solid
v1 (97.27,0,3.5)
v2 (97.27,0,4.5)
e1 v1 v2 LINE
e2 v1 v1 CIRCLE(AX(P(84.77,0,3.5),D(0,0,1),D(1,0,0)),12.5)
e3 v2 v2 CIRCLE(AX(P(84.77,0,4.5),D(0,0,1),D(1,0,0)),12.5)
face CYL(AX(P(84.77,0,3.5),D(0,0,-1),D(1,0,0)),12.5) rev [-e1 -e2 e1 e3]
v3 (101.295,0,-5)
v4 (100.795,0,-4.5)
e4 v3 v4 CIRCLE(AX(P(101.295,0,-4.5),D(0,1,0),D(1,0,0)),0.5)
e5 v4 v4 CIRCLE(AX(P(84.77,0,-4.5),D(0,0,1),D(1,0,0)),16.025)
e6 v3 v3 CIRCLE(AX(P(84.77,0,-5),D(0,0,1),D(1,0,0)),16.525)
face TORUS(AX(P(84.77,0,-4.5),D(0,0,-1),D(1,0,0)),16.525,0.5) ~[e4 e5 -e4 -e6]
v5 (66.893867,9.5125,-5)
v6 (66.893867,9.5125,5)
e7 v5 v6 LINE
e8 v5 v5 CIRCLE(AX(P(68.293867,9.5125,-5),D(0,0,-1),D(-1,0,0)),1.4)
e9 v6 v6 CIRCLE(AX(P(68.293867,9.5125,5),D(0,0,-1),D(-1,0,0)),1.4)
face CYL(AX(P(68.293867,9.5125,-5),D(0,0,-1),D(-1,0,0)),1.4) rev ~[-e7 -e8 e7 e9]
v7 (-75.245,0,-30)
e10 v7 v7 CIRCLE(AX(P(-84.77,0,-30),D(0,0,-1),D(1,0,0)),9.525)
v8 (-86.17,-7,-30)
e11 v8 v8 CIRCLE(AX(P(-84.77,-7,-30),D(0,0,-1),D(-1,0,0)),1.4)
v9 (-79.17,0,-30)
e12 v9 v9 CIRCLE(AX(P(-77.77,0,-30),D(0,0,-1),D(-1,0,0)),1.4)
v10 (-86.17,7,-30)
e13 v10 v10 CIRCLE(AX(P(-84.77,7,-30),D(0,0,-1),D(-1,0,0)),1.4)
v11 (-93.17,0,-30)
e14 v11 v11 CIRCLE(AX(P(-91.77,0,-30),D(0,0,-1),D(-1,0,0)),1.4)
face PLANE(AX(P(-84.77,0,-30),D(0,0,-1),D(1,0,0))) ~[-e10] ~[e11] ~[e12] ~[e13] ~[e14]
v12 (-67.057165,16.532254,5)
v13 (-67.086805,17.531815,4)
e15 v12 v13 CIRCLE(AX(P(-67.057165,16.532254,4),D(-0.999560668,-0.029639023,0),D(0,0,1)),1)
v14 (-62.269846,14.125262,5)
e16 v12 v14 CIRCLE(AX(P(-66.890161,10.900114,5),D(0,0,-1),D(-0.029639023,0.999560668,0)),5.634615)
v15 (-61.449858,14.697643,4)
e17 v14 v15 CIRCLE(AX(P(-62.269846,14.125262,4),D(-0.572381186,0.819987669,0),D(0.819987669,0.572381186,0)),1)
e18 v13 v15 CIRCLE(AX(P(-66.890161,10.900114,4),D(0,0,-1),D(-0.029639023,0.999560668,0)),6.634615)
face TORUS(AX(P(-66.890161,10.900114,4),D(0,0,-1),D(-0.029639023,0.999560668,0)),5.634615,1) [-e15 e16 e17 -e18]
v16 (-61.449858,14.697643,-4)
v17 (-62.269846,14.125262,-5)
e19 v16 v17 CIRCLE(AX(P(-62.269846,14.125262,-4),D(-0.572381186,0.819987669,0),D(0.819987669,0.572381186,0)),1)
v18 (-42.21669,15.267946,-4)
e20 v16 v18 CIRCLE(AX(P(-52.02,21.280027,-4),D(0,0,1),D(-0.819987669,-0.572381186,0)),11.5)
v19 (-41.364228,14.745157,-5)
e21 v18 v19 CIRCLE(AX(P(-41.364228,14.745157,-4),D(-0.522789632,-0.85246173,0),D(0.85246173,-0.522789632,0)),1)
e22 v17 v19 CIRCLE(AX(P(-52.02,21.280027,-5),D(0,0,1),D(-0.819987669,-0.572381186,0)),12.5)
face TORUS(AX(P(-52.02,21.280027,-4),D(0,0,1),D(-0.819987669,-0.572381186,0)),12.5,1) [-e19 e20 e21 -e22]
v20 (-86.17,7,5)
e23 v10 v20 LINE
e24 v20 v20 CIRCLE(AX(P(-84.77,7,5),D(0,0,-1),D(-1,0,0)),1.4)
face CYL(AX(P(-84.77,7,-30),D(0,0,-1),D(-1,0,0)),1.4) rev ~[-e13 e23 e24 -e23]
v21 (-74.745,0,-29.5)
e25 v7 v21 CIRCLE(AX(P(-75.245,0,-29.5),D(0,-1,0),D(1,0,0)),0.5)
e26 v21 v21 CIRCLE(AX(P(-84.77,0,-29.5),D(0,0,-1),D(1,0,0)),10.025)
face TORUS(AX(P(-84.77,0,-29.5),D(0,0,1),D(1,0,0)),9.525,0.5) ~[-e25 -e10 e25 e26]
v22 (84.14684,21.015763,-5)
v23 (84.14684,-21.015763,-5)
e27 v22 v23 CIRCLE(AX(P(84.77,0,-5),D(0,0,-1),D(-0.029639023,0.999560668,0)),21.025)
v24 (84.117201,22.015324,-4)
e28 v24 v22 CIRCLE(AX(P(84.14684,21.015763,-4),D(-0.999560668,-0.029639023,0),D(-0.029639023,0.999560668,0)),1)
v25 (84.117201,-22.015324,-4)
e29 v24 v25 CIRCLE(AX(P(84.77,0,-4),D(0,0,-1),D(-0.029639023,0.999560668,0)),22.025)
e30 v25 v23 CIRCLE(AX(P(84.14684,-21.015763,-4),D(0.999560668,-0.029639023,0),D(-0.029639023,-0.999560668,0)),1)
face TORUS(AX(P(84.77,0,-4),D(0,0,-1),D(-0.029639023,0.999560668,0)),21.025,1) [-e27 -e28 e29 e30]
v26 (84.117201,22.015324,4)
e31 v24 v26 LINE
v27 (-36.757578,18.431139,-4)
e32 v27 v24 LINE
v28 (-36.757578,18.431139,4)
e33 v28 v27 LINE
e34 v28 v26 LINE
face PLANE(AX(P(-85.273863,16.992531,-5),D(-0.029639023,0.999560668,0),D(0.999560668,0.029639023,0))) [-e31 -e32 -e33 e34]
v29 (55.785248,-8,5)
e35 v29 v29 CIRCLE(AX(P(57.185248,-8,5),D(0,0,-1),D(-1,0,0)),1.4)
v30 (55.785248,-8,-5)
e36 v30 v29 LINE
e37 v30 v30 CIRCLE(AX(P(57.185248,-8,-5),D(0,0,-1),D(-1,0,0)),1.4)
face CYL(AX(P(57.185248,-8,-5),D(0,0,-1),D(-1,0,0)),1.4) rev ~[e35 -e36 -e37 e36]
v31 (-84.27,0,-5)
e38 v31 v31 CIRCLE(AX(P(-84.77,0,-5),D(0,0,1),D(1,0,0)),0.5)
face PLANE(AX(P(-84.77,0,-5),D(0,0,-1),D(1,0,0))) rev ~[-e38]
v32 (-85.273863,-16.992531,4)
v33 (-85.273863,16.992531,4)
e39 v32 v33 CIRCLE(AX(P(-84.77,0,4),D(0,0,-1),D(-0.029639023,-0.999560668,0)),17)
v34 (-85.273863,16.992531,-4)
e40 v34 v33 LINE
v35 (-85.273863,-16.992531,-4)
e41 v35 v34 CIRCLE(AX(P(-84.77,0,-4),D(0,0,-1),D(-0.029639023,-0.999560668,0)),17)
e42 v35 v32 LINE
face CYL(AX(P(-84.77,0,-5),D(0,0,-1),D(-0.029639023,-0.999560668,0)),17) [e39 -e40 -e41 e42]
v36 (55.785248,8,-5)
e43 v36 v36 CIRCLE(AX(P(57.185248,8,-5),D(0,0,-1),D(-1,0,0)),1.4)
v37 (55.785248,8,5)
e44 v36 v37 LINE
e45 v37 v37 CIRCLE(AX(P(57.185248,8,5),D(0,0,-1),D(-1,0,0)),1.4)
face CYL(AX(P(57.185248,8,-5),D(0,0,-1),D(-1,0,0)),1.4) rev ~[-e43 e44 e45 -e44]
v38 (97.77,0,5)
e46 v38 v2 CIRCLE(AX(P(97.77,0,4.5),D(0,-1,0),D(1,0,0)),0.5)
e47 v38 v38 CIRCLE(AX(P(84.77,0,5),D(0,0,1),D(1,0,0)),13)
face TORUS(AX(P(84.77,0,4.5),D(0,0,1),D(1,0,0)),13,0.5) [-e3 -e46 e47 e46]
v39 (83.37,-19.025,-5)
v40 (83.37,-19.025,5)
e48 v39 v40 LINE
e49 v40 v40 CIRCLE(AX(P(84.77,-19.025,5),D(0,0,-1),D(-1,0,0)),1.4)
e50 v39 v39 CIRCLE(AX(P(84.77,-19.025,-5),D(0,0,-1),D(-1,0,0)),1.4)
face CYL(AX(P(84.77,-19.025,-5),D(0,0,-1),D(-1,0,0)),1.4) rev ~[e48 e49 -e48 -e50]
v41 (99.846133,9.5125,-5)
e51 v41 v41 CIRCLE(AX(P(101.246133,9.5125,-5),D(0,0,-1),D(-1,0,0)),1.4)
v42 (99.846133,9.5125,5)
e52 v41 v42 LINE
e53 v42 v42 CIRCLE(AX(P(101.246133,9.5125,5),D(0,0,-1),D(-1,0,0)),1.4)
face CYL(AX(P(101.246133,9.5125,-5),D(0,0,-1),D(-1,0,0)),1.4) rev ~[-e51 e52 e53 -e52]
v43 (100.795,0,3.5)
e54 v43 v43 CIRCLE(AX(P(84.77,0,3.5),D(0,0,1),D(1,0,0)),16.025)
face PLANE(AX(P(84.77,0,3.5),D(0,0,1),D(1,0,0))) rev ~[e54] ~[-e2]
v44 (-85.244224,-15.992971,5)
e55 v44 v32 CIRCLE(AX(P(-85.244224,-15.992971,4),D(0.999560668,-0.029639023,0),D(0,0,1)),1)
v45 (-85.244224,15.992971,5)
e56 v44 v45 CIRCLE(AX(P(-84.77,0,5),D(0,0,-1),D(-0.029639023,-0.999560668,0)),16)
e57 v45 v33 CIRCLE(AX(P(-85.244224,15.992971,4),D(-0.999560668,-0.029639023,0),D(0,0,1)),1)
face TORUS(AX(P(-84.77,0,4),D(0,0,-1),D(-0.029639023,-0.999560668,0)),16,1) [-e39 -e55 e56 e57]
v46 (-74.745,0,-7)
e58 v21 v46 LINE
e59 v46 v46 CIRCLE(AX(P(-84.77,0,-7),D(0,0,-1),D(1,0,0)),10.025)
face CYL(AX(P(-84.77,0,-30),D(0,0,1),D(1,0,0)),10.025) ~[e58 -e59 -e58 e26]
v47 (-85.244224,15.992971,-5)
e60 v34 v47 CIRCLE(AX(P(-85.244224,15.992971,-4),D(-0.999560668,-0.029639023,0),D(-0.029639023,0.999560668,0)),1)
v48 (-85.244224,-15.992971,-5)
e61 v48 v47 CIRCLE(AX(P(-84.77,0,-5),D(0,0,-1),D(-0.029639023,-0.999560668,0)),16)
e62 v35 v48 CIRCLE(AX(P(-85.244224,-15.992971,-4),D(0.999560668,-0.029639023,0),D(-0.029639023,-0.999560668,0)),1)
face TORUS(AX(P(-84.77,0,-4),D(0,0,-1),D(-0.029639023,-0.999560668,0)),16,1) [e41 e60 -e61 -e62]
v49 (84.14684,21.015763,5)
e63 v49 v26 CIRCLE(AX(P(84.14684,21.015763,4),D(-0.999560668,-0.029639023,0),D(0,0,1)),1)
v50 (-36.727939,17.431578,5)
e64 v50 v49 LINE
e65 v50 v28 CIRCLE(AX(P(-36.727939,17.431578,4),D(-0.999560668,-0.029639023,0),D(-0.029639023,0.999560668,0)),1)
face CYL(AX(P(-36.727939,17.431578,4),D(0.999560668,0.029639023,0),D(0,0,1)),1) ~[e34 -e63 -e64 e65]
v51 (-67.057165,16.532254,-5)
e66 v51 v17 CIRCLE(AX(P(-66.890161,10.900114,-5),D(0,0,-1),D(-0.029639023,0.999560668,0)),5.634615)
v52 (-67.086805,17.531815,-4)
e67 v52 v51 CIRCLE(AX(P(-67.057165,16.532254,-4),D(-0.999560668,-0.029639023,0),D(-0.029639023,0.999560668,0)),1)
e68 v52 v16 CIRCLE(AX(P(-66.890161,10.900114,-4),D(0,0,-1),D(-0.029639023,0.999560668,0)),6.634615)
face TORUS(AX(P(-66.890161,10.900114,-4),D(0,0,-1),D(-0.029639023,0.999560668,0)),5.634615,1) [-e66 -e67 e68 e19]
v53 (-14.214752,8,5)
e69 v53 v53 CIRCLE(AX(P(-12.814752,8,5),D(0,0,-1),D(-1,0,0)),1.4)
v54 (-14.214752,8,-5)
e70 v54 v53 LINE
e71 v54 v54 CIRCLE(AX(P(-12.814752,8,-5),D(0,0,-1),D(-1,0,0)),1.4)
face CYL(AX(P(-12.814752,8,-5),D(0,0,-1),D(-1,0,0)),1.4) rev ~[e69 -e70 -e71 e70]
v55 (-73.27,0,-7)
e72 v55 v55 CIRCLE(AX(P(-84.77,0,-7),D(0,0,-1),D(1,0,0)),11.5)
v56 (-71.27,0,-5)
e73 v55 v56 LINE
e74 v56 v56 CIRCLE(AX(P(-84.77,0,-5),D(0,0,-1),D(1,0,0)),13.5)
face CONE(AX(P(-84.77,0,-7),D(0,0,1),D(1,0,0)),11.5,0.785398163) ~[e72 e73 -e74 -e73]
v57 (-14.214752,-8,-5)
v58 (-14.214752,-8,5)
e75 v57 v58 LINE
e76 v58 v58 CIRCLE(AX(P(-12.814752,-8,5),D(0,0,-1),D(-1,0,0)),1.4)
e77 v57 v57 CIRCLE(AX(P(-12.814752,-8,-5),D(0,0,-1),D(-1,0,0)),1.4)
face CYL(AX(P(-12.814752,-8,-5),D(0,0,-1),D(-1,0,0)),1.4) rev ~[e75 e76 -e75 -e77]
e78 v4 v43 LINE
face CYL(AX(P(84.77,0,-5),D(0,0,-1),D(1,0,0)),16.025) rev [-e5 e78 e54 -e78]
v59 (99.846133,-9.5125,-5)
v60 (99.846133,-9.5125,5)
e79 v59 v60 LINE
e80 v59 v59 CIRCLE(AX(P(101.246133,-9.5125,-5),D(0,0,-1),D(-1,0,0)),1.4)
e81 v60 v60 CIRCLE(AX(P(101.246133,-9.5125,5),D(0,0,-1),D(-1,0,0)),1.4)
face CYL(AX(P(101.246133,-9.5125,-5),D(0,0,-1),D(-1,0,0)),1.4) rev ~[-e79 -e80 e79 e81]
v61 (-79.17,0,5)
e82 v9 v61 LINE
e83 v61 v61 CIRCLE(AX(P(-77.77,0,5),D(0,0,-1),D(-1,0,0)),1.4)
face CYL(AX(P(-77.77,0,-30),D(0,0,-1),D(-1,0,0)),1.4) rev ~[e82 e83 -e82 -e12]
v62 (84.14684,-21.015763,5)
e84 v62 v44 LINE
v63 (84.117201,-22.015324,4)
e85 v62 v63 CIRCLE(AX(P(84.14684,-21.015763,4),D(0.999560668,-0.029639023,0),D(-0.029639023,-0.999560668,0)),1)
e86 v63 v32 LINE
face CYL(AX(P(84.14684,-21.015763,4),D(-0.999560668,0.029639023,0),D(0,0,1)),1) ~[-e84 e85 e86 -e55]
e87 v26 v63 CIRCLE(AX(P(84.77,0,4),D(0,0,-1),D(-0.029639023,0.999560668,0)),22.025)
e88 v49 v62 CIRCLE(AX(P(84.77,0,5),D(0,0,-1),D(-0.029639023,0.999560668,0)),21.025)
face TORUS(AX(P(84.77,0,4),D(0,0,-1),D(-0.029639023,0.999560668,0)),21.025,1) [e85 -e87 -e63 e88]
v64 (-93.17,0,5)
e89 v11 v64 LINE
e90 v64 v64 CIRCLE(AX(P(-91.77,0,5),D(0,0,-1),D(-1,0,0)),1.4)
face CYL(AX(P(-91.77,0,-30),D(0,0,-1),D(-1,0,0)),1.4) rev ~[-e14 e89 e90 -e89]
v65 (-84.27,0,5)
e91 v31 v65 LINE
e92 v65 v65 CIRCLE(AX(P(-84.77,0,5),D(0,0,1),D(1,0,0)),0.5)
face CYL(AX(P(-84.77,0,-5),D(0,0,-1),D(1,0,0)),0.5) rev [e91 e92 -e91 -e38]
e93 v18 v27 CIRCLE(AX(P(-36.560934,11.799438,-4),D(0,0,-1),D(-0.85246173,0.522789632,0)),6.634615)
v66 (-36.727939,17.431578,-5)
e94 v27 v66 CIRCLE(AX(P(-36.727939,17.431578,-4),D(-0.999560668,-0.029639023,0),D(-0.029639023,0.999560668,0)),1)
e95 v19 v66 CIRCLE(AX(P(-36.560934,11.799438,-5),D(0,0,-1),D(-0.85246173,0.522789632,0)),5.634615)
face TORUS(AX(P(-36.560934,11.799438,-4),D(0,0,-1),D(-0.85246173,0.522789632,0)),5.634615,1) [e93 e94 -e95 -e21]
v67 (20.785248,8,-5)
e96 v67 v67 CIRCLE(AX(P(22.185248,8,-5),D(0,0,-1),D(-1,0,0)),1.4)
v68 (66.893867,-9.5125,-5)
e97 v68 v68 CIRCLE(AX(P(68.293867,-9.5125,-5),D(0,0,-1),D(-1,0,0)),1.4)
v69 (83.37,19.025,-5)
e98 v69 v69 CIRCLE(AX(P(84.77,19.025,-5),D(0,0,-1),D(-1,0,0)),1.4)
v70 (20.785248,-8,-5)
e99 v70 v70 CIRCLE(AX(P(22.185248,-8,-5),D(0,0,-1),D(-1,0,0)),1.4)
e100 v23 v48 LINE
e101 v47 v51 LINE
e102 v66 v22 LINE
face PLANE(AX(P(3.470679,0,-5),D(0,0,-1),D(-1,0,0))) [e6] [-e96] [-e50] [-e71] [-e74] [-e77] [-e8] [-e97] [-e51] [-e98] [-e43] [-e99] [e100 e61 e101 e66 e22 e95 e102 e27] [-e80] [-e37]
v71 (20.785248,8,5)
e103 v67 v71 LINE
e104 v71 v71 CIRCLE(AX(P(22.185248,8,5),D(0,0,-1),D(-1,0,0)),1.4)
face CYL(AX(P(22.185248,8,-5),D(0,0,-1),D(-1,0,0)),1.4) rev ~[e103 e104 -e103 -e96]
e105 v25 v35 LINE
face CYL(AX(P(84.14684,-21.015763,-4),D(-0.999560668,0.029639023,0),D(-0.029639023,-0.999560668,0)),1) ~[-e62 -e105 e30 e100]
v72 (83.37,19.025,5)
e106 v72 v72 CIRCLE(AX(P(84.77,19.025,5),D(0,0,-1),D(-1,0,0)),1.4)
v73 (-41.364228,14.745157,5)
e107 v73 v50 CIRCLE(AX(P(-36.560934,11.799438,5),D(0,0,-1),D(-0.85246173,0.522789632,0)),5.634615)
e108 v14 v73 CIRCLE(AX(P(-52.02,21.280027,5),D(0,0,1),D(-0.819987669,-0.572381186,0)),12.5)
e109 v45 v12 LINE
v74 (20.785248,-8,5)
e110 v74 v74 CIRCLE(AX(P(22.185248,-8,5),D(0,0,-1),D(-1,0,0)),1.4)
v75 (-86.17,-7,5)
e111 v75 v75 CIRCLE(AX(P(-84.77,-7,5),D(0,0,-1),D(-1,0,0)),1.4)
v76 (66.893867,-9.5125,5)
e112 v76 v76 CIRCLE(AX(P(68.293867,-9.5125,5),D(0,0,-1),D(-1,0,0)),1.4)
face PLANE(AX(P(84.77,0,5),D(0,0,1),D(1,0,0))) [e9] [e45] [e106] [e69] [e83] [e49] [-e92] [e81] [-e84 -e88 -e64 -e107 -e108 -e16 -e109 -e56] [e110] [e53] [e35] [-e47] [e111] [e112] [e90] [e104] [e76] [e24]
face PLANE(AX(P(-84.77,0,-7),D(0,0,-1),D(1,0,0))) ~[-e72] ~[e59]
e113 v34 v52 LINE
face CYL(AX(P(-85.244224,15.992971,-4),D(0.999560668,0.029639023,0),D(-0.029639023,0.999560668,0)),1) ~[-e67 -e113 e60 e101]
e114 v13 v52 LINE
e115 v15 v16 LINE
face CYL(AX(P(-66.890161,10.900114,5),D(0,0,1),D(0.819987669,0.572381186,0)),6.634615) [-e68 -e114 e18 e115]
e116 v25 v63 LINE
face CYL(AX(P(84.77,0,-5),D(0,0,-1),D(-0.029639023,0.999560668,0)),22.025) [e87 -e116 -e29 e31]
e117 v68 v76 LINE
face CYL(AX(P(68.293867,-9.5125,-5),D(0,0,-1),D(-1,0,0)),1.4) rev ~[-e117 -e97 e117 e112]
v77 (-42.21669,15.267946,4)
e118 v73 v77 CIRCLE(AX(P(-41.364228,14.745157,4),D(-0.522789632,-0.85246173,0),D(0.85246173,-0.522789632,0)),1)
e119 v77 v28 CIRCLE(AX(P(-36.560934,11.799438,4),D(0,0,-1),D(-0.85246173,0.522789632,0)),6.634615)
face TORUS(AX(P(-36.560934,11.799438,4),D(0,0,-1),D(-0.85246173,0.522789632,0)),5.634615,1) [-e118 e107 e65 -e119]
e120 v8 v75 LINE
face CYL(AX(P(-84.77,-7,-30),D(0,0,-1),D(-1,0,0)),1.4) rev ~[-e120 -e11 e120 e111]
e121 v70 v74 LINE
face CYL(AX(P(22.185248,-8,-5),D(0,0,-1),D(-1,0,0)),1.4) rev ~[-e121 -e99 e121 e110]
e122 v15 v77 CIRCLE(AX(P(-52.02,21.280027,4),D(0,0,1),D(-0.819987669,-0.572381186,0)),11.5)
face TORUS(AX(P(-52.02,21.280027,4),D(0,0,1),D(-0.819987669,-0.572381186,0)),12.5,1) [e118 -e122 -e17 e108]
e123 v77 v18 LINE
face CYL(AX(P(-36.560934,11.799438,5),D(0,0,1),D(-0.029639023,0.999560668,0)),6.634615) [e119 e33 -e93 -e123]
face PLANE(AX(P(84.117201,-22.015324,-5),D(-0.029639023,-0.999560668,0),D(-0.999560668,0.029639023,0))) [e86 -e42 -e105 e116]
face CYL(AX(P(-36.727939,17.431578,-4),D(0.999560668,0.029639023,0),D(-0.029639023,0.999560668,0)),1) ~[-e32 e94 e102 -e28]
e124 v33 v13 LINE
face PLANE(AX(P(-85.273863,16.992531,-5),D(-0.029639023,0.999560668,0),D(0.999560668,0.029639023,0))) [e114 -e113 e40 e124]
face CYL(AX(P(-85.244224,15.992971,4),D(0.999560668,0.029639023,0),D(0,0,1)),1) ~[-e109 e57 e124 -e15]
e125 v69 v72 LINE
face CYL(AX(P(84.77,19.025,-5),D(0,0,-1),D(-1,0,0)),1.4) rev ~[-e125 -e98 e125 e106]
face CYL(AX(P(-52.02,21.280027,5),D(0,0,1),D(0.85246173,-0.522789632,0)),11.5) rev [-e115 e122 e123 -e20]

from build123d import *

# Parameters (mm, degrees)
BOSS_EXTRUDE1_DEPTH      = 5
BOSS_EXTRUDE1_DEPTH_BACK = 5
SKETCH1_R                = 16.025
SKETCH1_R_2              = 0.5
SKETCH3_R                = 1.4
CUT_EXTRUDE1_DEPTH       = 115.521930869
SKETCH4_R                = 1.4
CUT_EXTRUDE2_DEPTH       = 112.871679392
BOSS_EXTRUDE2_START      = -1.5
SKETCH5_R                = 16.025
SKETCH5_R_2              = 12.5
BOSS_EXTRUDE2_DEPTH      = 1.5
FEMURCUTOUT_DEPTH        = 115.521930869
FILLET1_R                = 1
FILLET2_R                = 0.5
FILLET3_R                = 0.5
SKETCH9_R                = 1.4
CUT_EXTRUDE3_DEPTH       = 112.871679412


with BuildPart() as part:
    # Sketch1 → Boss-Extrude1 (new, two sides: drawn at the far end of the back side and taken through both)
    with BuildSketch(Plane.XY.offset(-BOSS_EXTRUDE1_DEPTH_BACK)):
        with BuildLine():
            Line((-85.273863395, 16.99253135), (84.117200513, 22.015323705))
            ThreePointArc((84.117200513, 22.015323705), (106.795, 0), (84.117200513, -22.015323705))
            Line((84.117200513, -22.015323705), (-85.273863395, -16.99253135))
            ThreePointArc((-85.273863395, -16.99253135), (-101.77, 0), (-85.273863395, 16.99253135))
        make_face()
        with Locations((84.77, 0)):
            Circle(SKETCH1_R, mode=Mode.SUBTRACT)
        with Locations((-84.77, 0)):
            Circle(SKETCH1_R_2, mode=Mode.SUBTRACT)
    extrude(amount=BOSS_EXTRUDE1_DEPTH + BOSS_EXTRUDE1_DEPTH_BACK)

    # Sketch2 → Revolve1 (revolve)
    with BuildSketch(Plane(origin=(0, 0, 0), x_dir=(1, 0, 0), z_dir=(0, 1, 0))):
        Polygon((-84.77, 30), (-74.745, 30), (-74.745, 7), (-73.27, 7), (-71.27, 5), (-84.77, 5), align=None)
    revolve(axis=Axis((-84.77, 0, -5), (0, 0, -1)))

    # Sketch3 → Cut-Extrude1 (cut, through all)
    with BuildSketch(Plane(origin=(0, 0, -30), x_dir=(-1, 0, 0), z_dir=(0, 0, -1))):
        with Locations((84.77, 7)):
            Circle(SKETCH3_R)
        with Locations((91.77, 0)):
            Circle(SKETCH3_R)
        with Locations((84.77, -7)):
            Circle(SKETCH3_R)
        with Locations((77.77, 0)):
            Circle(SKETCH3_R)
    extrude(amount=-CUT_EXTRUDE1_DEPTH, mode=Mode.SUBTRACT)

    # Sketch4 → Cut-Extrude2 (cut, through all)
    with BuildSketch(Plane(origin=(0, 0, -5), x_dir=(-1, 0, 0), z_dir=(0, 0, -1))):
        with Locations((-84.77, 19.025)):
            Circle(SKETCH4_R)
        with Locations((-68.293866693, 9.5125)):
            Circle(SKETCH4_R)
        with Locations((-68.293866693, -9.5125)):
            Circle(SKETCH4_R)
        with Locations((-84.77, -19.025)):
            Circle(SKETCH4_R)
        with Locations((-101.246133307, -9.5125)):
            Circle(SKETCH4_R)
        with Locations((-101.246133307, 9.5125)):
            Circle(SKETCH4_R)
    extrude(amount=-CUT_EXTRUDE2_DEPTH, mode=Mode.SUBTRACT)

    # Sketch5 → Boss-Extrude2 (add)
    with BuildSketch(Plane.XY.offset(5).offset(BOSS_EXTRUDE2_START)):
        with Locations((84.77, 0)):
            Circle(SKETCH5_R)
        with Locations((84.77, 0)):
            Circle(SKETCH5_R_2, mode=Mode.SUBTRACT)
    extrude(amount=BOSS_EXTRUDE2_DEPTH)

    # Sketch6 → FemurCutout (cut, through all)
    with BuildSketch(Plane.XY.offset(5)):
        with BuildLine():
            Line((-67.086804522, 17.531814935), (-36.757577924, 18.431138689))
            ThreePointArc((-36.757577924, 18.431138689), (-39.887207212, 17.539998228), (-42.21669011, 15.267946244))
            ThreePointArc((-42.21669011, 15.267946244), (-51.679151233, 9.785079338), (-61.449858197, 14.697643375))
            ThreePointArc((-61.449858197, 14.697643375), (-63.909871959, 16.827676964), (-67.086804522, 17.531814935))
        make_face()
    extrude(amount=-FEMURCUTOUT_DEPTH, mode=Mode.SUBTRACT)

    # Fillet1
    fillet1_edges = [part.edges().sort_by_distance(p)[0] for p in [
        (-76.180333959, 17.262173143, 5),
        (-76.180333959, 17.262173143, -5),
        (-39.887207212, 17.539998228, -5),
        (-51.679151233, 9.785079338, -5),
        (-63.909871959, 16.827676964, -5),
        (-39.887207212, 17.539998228, 5),
        (-63.909871959, 16.827676964, 5),
        (-51.679151233, 9.785079338, 5),
        (-101.77, 0, -5),
        (-0.578331441, -19.503927527, -5),
        (106.795, 0, 5),
        (23.679811294, 20.223231197, 5),
        (-101.77, 0, 5),
        (-0.578331441, -19.503927527, 5),
        (106.795, 0, -5),
        (23.679811294, 20.223231197, -5),
    ]]
    fillet(fillet1_edges, radius=FILLET1_R)

    # Fillet2
    fillet2_edges = [part.edges().sort_by_distance(p)[0] for p in [
        (68.745, 0, -5),
        (-94.795, 0, -30),
    ]]
    fillet(fillet2_edges, radius=FILLET2_R)

    # Fillet3
    fillet3_edges = [part.edges().sort_by_distance(p)[0] for p in [
        (72.27, 0, 5),
    ]]
    fillet(fillet3_edges, radius=FILLET3_R)

    # Sketch9 → Cut-Extrude3 (cut, through all)
    with BuildSketch(Plane(origin=(0, 0, -5), x_dir=(-1, 0, 0), z_dir=(0, 0, -1))):
        with Locations((-22.185248409, -8)):
            Circle(SKETCH9_R)
        with Locations((-22.185248409, 8)):
            Circle(SKETCH9_R)
        with Locations((-57.185248409, 8)):
            Circle(SKETCH9_R)
        with Locations((-57.185248409, -8)):
            Circle(SKETCH9_R)
        with Locations((12.814751591, -8)):
            Circle(SKETCH9_R)
        with Locations((12.814751591, 8)):
            Circle(SKETCH9_R)
    extrude(amount=-CUT_EXTRUDE3_DEPTH, mode=Mode.SUBTRACT)


solid = part.part
